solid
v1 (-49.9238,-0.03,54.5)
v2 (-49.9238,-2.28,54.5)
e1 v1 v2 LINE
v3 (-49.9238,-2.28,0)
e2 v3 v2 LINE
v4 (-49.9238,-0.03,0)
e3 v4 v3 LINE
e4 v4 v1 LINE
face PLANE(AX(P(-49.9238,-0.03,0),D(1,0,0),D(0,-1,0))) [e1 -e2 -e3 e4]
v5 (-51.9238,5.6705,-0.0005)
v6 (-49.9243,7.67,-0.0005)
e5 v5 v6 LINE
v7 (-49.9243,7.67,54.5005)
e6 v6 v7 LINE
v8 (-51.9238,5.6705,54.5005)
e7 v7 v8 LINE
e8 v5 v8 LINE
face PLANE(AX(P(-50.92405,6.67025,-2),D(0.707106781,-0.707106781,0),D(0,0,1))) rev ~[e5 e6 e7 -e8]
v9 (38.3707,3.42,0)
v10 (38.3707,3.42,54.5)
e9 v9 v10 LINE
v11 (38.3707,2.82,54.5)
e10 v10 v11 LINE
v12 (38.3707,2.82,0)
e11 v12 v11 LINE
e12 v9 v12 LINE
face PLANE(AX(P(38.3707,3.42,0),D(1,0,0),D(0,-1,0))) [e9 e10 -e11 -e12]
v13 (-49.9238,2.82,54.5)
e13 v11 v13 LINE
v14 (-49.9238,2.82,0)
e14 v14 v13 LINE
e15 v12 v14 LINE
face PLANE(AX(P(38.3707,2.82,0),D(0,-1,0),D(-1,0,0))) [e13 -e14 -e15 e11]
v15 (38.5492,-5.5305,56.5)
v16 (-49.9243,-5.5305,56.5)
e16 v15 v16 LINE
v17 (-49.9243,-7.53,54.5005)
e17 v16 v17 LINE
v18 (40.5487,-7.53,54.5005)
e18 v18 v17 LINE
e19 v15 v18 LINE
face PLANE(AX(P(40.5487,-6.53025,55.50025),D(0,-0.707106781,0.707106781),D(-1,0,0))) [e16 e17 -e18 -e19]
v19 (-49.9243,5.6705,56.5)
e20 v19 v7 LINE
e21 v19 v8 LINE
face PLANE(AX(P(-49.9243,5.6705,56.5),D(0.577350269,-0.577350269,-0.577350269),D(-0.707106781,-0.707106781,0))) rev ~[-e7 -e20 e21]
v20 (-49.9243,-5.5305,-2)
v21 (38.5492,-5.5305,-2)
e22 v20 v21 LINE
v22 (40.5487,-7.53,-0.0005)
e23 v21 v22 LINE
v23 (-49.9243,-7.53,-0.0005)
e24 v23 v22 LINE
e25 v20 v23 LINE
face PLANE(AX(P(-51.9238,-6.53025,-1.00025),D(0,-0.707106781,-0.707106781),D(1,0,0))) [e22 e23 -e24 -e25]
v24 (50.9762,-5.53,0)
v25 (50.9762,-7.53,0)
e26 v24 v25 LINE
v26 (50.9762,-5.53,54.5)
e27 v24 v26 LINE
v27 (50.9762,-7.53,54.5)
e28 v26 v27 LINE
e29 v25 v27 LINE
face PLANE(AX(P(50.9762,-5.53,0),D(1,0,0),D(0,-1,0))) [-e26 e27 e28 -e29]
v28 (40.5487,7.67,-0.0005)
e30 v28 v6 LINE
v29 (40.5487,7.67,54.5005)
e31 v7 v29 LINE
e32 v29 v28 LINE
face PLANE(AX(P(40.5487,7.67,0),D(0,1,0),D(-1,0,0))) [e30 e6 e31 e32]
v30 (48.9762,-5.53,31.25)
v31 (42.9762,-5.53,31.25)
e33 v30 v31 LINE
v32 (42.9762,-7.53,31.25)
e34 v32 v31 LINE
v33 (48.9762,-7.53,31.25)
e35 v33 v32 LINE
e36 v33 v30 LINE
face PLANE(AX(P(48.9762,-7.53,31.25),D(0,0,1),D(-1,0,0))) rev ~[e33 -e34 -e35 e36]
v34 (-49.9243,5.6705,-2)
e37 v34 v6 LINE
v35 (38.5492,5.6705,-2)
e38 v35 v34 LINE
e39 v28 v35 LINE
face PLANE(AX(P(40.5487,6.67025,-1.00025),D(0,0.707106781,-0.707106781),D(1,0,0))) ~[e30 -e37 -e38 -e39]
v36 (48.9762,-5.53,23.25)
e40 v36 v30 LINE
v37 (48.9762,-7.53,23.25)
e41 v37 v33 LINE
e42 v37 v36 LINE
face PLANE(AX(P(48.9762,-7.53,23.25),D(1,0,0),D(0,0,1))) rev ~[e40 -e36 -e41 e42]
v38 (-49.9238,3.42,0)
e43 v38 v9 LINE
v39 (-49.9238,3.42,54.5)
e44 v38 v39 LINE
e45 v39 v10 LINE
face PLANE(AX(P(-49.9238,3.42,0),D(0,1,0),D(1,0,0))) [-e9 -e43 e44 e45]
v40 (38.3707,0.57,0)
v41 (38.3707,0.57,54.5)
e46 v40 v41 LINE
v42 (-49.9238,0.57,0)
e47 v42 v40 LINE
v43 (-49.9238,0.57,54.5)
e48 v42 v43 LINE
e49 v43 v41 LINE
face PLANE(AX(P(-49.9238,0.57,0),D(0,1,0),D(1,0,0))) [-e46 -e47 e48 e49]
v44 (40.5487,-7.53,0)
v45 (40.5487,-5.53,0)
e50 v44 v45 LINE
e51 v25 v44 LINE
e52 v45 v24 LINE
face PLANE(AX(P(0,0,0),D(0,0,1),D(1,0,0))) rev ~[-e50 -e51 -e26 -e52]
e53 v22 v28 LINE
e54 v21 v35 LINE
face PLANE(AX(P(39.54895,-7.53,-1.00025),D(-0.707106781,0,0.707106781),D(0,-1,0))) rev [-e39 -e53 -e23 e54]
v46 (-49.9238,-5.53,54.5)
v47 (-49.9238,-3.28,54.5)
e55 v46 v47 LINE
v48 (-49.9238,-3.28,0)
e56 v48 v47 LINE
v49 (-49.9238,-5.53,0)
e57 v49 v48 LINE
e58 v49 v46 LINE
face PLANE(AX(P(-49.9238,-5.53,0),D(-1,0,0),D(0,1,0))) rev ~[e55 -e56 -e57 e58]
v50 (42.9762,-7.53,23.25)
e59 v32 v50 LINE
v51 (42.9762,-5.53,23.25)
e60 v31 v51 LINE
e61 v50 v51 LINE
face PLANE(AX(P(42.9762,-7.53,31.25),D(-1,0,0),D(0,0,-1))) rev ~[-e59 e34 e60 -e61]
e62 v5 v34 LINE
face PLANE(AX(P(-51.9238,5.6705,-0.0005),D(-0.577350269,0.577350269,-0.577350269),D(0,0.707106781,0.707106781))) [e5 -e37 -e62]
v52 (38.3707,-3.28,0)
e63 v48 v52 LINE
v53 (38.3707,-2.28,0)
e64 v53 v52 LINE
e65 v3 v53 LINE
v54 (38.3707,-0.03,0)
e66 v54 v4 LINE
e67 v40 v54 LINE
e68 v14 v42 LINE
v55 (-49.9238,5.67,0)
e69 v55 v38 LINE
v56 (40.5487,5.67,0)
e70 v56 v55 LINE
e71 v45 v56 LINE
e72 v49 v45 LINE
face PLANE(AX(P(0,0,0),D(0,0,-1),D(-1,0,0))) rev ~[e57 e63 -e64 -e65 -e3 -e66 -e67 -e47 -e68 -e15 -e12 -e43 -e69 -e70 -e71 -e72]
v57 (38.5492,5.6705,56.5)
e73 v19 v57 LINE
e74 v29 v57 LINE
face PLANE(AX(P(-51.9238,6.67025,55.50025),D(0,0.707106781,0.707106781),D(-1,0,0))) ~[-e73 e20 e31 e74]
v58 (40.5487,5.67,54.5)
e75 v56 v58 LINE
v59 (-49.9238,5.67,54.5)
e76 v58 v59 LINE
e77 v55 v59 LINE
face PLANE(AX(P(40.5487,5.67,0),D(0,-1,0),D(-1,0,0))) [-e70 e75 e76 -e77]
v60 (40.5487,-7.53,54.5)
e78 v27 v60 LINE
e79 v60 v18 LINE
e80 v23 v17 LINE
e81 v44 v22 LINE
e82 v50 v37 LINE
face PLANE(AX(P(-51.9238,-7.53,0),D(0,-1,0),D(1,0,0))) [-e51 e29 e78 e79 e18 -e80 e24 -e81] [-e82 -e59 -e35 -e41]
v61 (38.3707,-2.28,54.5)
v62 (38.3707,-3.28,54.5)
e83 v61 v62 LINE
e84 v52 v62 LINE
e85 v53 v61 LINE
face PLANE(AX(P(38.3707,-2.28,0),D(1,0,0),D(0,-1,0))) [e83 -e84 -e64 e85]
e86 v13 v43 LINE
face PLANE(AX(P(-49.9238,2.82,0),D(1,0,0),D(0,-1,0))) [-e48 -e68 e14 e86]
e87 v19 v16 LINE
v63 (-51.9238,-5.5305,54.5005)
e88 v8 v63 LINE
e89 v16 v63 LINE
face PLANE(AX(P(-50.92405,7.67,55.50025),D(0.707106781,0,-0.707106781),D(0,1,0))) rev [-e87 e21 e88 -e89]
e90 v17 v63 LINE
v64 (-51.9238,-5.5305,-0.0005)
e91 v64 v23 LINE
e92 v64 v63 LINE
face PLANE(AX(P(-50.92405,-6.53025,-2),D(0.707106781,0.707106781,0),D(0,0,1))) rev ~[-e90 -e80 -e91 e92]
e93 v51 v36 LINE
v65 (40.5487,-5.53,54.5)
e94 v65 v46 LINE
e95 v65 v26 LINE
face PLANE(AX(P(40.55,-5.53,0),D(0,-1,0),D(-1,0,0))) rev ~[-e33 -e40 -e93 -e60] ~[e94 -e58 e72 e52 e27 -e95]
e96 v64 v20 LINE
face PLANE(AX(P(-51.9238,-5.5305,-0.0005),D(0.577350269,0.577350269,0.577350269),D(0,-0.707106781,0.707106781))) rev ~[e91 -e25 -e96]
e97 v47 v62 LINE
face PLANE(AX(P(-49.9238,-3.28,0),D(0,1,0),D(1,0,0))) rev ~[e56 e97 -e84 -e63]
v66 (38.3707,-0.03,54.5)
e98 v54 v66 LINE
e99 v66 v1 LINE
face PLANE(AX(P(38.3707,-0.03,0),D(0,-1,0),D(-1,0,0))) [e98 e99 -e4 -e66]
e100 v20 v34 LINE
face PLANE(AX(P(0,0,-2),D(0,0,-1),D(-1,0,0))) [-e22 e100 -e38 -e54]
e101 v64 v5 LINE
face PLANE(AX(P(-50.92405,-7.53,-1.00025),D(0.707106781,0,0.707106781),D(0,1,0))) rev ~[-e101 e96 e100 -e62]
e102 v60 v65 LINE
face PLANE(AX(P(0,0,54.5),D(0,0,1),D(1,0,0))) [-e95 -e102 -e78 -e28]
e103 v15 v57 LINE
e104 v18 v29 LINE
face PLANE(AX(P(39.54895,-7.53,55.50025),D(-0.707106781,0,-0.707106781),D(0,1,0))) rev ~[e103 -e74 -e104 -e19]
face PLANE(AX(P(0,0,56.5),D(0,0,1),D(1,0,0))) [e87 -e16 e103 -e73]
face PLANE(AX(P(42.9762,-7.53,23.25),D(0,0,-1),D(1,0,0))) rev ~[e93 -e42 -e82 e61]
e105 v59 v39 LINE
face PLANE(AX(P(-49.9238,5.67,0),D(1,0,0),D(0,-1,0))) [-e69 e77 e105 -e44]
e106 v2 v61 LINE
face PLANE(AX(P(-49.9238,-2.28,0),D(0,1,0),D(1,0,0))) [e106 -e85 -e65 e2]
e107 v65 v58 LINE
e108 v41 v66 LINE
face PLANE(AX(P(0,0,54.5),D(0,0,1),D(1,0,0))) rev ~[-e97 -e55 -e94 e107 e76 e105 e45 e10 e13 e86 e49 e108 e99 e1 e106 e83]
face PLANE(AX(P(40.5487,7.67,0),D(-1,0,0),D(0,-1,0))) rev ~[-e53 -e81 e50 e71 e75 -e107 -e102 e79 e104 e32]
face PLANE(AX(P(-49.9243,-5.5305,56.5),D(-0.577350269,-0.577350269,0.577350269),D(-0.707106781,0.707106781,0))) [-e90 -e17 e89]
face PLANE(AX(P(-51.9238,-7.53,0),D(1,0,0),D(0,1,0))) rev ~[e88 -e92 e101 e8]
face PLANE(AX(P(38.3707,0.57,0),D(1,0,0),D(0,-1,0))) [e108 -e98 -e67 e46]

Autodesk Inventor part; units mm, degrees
ref_plane "YZ Plane" through (0, 0, 0) normal (1, 0, 0) x (0, 1, 0)
ref_plane "XZ Plane" through (0, 0, 0) normal (0, 1, 0) x (-1, 0, 0)
ref_plane "XY Plane" through (0, 0, 0) normal (0, 0, 1) x (1, 0, 0)
sketch "Sketch1" plane through (0, 0, 0) normal (0, 0, 1) x (1, 0, 0)
  line L0 (-51.9238, 7.67) -> (40.5487, 7.67)
  line L1 (50.9762, -5.53) -> (50.9762, -7.53)
  line L2 (50.9762, -7.53) -> (-51.9238, -7.53)
  line L3 (-51.9238, -7.53) -> (-51.9238, 7.67)
  line L4 (-51.9238, 7.67) -> (50.9762, -7.53) construction
  line L5 (50.8142, 7.3691) -> (-51.9238, -7.53) construction
  line L6 (40.55, -5.53) -> (50.9762, -5.53)
  line L7 (40.5487, 5.67) -> (-49.9238, 5.67)
  line L8 (-49.9238, 5.67) -> (-49.9238, 3.42)
  line L9 (-49.9238, 3.42) -> (38.3707, 3.42)
  line L10 (40.5487, 7.67) -> (40.5487, 5.8804)
  line L11 (40.55, -5.53) -> (-49.9238, -5.53)
  line L12 (-49.9238, -5.53) -> (-49.9238, -3.28)
  line L13 (-49.9238, -3.28) -> (38.3707, -3.28)
  line L14 (40.5487, 5.8804) -> (40.5487, 5.67)
  line L15 (38.3707, 2.82) -> (-49.9238, 2.82)
  line L16 (-49.9238, 2.82) -> (-49.9238, 0.57)
  line L17 (-49.9238, 0.57) -> (38.3707, 0.57)
  line L18 (38.3707, 3.42) -> (38.3707, 2.82)
  line L19 (38.3707, -0.03) -> (-49.9238, -0.03)
  line L20 (-49.9238, -0.03) -> (-49.9238, -2.28)
  line L21 (-49.9238, -2.28) -> (38.3707, -2.28)
  line L22 (38.3707, 0.57) -> (38.3707, -0.03)
  line L23 (38.3707, -2.28) -> (38.3707, -3.28)
  point P0 (0, 0)
  dimension "d0" = 102.9
  dimension "d1" = 14.9
  dimension "d3" = 2
  dimension "d4" = 2
  dimension "d5" = 2.25
  dimension "d6" = 2
  dimension "d7" = 2
  dimension "d8" = 2.25
  dimension "d10" = 0.6
  dimension "d11" = 2.25
  dimension "d12" = 2
  dimension "d13" = 0.6
  dimension "d14" = 2.25
  dimension "d15" = 1
  dimension "d16" = 2
extrude "Extrusion1" add sketch "Sketch1" along normal blind 54.5
sketch "Sketch2" plane through (0, 0, 54.5) normal (0, 0, 1) x (1, 0, 0)
  line L0 (-51.9238, 7.67) -> (40.5487, 7.67) projected
  line L1 (50.9762, -7.53) -> (-51.9238, -7.53) projected
  line L2 (40.5487, 7.67) -> (-51.9238, 7.67)
  line L3 (-51.9238, 7.67) -> (-51.9238, -7.53)
  line L4 (-51.9238, -7.53) -> (40.5487, -7.53)
  line L5 (40.5487, -7.53) -> (40.5487, 7.67)
  point P0 (0, 0)
extrude "Extrusion2" add sketch "Sketch2" along normal blind 2
sketch "Sketch3" plane through (0, 0, 0) normal (0, 0, -1) x (-1, 0, 0)
  line L0 (-40.5487, 7.67) -> (-40.5487, 5.67) projected
  line L1 (51.9238, -7.53) -> (51.9238, 7.67) projected
  line L2 (-40.5487, 7.67) -> (51.9238, 7.67)
  line L3 (51.9238, 7.67) -> (51.9238, -7.53)
  line L4 (51.9238, -7.53) -> (-40.5487, -7.53)
  line L5 (-40.5487, -7.53) -> (-40.5487, 7.67)
  point P0 (0, 0)
extrude "Extrusion3" add sketch "Sketch3" along normal blind 2
sketch "Sketch4" plane through (40.5487, -7.53, 0) normal (0, -1, 0) x (1, 0, 0)
  line L0 (8.4275, 31.25) -> (2.4275, 31.25)
  line L1 (2.4275, 31.25) -> (2.4275, 23.25)
  line L2 (2.4275, 23.25) -> (8.4275, 23.25)
  line L3 (8.4275, 23.25) -> (8.4275, 31.25)
  line L4 (10.4275, 0) -> (10.4275, 54.5) projected
  line L5 (10.4275, 0) -> (0, 0) projected
  point P0 (-40.5487, 0)
  dimension "d23" = 2
  dimension "d24" = 8
  dimension "d25" = 6
  dimension "d26" = 23.25
extrude "Extrusion4" cut sketch "Sketch4" against normal blind 2
chamfer "Chamfer1" distance 2 angle 45 10 edges at (-5.6875, 7.67, -2) (-5.6875, -7.53, -2) (-51.9238, 0.07, -2) (-51.9238, 7.67, 27.25) (-5.6875, 7.67, 56.5) (-51.9238, -7.53, 27.25) (-5.6875, -7.53, 56.5) (-51.9238, 0.07, 56.5) (40.5487, 0.07, -2) (40.5487, 0.07, 56.5)
properties part number "CardBox_4slots_template"
